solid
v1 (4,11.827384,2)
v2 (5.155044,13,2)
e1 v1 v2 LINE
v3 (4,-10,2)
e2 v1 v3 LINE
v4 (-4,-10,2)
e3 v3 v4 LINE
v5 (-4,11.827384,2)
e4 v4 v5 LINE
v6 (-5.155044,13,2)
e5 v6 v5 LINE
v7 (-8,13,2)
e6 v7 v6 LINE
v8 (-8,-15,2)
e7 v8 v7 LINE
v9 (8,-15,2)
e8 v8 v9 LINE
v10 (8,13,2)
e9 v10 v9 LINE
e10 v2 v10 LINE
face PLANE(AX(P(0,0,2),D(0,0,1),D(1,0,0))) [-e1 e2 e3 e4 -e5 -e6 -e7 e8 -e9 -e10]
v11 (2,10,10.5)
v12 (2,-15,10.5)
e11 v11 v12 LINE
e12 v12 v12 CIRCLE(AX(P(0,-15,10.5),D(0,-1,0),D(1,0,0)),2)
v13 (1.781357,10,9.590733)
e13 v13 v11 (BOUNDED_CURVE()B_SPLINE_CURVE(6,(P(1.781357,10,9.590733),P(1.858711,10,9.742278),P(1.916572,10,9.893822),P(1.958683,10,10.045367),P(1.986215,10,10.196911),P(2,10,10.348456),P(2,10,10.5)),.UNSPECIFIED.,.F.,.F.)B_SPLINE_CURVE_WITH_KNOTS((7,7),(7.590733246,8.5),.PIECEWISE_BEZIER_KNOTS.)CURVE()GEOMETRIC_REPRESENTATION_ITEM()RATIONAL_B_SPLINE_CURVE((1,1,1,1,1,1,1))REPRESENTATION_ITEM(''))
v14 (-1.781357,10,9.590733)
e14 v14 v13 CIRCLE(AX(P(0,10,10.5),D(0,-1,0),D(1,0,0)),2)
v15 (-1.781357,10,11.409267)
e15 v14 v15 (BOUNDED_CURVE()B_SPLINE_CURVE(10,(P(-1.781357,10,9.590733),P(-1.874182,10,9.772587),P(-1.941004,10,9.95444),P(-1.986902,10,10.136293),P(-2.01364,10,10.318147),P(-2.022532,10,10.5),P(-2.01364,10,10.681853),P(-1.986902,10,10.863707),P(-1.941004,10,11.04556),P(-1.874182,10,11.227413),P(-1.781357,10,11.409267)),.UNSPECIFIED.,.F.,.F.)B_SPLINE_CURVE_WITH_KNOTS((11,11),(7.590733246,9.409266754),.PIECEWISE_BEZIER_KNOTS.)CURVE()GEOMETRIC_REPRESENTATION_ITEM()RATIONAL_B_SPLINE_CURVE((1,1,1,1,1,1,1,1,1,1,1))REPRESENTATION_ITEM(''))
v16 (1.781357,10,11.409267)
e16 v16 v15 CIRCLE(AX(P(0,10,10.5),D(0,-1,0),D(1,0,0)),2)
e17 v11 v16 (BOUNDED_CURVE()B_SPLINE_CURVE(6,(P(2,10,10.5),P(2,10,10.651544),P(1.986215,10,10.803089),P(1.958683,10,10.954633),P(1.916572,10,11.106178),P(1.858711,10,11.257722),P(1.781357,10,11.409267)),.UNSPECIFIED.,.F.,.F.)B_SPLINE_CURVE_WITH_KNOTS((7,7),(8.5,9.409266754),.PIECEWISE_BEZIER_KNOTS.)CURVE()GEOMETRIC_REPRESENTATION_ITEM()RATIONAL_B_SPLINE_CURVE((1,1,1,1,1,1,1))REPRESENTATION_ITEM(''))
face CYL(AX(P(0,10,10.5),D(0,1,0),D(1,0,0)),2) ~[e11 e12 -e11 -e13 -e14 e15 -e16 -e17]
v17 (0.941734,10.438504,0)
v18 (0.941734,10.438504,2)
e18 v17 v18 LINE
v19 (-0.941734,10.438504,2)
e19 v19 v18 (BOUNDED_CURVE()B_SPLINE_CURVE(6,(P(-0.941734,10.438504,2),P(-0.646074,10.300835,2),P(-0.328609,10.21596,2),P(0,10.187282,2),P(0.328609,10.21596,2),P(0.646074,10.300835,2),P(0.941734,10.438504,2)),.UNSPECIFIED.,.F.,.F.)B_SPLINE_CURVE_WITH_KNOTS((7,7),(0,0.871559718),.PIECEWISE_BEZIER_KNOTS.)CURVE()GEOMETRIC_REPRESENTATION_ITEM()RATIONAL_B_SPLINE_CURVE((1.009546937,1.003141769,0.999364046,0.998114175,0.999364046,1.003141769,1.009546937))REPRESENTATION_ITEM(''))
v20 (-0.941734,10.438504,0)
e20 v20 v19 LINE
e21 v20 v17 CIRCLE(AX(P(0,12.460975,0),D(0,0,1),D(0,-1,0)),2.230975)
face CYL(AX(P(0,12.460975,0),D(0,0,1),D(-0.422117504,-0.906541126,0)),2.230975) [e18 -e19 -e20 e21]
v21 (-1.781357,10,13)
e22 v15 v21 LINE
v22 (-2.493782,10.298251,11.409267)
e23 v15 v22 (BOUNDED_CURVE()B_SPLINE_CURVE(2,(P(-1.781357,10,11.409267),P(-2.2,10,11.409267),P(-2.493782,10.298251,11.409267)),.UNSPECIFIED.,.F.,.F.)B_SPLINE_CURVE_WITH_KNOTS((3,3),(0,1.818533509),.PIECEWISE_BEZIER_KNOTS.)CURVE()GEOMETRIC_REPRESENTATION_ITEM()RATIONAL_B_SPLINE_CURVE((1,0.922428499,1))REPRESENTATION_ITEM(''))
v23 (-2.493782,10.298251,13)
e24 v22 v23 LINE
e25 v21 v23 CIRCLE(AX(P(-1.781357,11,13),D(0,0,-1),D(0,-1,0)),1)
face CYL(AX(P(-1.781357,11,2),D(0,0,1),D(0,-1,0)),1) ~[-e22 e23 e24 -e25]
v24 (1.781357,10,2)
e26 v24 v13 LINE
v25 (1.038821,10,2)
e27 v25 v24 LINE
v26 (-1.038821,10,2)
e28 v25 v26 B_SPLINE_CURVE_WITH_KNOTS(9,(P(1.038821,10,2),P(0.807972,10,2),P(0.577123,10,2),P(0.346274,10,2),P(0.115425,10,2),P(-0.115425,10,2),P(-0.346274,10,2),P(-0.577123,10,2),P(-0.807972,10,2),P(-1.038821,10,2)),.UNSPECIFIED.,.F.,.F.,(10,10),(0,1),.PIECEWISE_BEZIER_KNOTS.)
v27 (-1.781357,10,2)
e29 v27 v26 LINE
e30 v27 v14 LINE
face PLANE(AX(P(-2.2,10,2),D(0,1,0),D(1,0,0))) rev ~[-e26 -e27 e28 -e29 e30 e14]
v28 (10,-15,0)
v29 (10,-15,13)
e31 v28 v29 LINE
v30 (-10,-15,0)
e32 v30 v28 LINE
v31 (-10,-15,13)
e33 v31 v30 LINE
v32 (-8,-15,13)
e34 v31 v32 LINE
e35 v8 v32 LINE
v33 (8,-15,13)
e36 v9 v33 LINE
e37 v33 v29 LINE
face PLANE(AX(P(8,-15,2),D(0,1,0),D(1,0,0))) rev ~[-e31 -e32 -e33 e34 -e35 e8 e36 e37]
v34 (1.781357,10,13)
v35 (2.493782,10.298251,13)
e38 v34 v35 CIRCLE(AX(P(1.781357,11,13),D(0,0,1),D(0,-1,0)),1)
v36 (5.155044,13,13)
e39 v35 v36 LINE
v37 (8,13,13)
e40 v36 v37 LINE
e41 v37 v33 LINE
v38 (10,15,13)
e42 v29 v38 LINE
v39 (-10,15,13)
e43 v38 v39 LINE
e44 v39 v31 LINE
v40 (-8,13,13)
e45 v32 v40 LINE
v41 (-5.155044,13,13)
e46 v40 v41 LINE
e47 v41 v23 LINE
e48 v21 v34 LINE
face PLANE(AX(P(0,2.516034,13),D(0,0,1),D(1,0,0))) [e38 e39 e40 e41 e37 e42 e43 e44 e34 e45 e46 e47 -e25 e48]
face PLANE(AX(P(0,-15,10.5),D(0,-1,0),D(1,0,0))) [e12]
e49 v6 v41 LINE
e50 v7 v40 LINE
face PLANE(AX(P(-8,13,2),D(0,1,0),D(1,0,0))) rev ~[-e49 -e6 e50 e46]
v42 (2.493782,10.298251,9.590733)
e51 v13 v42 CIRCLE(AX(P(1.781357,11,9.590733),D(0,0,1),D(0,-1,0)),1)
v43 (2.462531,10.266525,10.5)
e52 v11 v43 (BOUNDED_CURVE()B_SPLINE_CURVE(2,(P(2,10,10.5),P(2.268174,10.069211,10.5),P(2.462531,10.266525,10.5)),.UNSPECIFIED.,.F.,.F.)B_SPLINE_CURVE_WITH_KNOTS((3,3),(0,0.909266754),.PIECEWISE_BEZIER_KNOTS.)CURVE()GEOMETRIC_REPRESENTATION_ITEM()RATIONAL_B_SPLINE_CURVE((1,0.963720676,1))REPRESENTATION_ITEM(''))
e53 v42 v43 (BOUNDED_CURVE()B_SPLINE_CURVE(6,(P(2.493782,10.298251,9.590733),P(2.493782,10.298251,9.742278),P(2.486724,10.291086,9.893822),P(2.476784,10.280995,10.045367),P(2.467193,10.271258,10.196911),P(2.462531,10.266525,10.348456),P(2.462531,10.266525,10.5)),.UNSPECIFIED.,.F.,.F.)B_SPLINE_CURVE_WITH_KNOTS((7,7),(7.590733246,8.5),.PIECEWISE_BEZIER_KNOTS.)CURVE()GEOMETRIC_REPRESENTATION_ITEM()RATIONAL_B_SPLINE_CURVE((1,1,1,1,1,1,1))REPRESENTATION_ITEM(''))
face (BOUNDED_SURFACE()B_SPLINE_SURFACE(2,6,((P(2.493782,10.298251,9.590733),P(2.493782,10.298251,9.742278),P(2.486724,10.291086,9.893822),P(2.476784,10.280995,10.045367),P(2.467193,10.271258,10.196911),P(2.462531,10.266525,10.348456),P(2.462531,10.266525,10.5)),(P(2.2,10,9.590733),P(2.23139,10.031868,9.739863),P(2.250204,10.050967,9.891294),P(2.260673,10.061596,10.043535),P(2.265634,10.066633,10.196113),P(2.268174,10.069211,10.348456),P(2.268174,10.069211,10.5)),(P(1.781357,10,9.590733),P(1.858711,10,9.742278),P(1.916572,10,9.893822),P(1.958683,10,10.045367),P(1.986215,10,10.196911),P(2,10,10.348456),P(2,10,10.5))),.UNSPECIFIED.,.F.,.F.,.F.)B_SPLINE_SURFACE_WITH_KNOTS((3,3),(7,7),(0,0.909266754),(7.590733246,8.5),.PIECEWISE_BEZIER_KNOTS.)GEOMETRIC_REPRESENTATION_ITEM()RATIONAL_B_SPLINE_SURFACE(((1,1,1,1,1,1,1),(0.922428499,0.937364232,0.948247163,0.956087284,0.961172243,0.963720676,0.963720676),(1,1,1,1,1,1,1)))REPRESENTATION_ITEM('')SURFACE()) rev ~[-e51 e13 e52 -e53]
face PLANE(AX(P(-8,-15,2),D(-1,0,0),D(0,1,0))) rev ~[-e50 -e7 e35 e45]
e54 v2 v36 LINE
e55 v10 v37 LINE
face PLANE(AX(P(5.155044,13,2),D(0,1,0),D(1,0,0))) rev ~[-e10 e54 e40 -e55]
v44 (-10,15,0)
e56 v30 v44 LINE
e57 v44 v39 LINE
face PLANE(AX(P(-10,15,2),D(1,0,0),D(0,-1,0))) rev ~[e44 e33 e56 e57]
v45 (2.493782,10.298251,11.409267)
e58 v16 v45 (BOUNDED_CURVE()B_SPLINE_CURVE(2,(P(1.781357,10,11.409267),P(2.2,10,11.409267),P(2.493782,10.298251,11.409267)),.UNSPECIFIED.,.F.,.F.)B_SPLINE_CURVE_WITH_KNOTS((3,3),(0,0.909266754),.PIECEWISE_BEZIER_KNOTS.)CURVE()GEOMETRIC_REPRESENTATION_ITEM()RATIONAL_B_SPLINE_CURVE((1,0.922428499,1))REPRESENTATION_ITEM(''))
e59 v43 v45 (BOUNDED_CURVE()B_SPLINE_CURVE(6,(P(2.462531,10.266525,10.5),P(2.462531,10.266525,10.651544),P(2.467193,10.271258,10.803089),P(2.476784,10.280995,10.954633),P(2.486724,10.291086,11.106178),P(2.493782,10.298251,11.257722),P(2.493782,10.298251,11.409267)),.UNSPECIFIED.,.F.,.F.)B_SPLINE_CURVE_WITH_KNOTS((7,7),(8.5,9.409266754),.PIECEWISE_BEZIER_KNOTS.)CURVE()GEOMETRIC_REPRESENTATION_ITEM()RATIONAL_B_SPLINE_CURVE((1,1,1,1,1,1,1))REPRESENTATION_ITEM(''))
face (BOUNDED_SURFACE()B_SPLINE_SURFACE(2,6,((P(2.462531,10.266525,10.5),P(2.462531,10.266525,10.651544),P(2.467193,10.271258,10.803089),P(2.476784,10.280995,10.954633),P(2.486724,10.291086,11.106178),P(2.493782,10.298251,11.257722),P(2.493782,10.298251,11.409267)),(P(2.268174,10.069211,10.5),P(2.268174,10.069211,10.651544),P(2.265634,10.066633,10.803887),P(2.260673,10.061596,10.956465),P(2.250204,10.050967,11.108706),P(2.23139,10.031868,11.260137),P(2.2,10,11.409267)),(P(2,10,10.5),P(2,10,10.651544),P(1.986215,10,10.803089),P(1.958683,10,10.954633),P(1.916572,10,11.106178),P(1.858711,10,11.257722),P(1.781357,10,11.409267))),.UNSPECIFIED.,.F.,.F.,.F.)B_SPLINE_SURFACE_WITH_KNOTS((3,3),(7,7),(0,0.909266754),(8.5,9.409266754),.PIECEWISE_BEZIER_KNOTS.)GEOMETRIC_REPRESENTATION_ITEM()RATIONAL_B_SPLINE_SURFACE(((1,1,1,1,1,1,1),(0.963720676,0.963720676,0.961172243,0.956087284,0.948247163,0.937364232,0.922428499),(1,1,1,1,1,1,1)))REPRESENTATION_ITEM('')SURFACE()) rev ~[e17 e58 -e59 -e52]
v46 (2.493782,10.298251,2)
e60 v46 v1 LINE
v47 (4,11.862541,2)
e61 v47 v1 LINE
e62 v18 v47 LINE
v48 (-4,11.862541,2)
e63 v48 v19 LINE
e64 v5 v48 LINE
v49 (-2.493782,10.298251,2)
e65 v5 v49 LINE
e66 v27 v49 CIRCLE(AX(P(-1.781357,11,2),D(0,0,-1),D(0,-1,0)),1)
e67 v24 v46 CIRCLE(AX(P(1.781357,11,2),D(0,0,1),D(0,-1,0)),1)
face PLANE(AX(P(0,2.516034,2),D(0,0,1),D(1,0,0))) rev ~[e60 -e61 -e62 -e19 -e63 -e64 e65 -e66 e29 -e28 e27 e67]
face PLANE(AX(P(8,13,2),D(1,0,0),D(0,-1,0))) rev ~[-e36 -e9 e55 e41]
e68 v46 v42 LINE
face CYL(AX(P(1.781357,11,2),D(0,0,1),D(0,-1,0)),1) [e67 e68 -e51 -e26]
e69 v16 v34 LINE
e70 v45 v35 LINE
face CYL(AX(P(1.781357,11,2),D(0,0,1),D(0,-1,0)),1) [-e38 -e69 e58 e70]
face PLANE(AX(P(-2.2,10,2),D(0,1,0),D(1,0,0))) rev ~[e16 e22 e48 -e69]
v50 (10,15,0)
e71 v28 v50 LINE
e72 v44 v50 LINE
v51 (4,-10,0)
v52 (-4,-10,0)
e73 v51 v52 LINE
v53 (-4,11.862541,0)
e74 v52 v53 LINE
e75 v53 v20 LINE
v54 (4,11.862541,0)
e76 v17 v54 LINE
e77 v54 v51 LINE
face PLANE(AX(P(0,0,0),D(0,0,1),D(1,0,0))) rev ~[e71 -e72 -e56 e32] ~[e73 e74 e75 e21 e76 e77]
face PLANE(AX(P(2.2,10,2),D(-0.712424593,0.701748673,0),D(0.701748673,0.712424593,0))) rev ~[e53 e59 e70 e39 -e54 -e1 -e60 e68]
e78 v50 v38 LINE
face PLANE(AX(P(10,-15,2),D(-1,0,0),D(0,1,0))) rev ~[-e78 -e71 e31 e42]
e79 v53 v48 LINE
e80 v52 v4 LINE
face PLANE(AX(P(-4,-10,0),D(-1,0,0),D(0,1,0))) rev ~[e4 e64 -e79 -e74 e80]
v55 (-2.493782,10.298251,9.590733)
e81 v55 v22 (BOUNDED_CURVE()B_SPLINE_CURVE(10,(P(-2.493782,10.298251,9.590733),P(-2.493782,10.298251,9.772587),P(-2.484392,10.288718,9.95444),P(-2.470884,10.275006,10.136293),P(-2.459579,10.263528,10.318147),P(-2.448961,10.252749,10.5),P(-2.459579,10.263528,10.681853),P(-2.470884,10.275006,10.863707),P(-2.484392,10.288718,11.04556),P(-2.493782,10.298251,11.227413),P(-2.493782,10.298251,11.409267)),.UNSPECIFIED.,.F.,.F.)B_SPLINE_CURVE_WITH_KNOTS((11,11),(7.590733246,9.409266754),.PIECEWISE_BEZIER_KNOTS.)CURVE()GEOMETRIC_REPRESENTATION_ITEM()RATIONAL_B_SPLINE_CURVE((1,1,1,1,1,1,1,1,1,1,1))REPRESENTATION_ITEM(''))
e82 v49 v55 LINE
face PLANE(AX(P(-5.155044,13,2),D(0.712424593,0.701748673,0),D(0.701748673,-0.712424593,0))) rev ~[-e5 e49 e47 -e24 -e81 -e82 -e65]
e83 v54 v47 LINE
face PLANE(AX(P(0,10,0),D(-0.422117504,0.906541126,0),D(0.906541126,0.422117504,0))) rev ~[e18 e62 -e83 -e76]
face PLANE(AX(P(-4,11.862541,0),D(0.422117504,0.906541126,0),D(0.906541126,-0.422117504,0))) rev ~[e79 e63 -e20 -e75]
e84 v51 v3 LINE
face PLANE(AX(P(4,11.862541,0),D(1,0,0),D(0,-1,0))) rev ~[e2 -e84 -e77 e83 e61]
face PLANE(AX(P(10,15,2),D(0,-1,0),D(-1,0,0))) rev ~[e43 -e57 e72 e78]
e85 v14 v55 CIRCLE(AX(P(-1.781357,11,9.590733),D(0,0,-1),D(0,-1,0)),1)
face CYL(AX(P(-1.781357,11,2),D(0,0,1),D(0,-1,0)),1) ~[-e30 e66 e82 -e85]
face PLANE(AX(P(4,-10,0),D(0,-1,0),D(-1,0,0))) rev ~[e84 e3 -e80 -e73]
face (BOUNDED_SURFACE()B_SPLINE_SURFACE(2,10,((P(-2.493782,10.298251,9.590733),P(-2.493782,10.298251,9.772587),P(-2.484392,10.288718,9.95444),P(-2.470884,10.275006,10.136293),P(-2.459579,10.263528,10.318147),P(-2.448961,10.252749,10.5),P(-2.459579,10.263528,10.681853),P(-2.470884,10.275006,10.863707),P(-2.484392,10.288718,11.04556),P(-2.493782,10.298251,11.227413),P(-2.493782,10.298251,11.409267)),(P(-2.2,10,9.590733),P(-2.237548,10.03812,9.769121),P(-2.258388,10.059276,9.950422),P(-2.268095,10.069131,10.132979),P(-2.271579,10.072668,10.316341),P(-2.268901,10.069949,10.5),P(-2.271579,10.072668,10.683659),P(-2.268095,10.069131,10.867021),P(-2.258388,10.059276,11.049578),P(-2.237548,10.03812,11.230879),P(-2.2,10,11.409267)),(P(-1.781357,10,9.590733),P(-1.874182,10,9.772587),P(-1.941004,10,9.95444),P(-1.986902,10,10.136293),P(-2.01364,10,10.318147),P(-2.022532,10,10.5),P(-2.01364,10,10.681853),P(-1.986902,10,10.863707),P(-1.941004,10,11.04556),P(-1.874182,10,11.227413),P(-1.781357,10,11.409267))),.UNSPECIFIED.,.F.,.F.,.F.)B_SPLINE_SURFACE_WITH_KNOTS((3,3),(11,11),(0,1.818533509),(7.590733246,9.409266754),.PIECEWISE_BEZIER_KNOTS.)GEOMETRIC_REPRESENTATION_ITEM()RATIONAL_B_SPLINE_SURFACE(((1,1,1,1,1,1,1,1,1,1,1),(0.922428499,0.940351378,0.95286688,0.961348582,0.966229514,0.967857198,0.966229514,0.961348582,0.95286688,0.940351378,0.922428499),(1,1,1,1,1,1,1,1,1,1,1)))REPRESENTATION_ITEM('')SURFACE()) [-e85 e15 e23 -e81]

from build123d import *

# Parameters (mm, degrees)
F0_W     = 20
F0_H     = 30
F1_DEPTH = 2
F3_DEPTH = 11
F4_R     = 2
F5_DEPTH = 25
F6_R     = 1
F7_R     = 2.230975


with BuildPart() as f1:
    # F0 (on Top) → F1 (new body)
    with BuildSketch(Plane.XY):
        Rectangle(F0_W, F0_H)
        Polygon((-4, 11.862541), (0, 10), (4, 11.862541), (4, -10), (-4, -10), align=None, mode=Mode.SUBTRACT)
    extrude(amount=F1_DEPTH)

    # F2 (on face) → F3 (join)
    with BuildSketch(Plane.XY.offset(2)):
        Polygon((-2.2, 10), (0, 10), (2.2, 10), (5.155044, 13), (8, 13), (8, -15), (10, -15), (10, 15), (-10, 15), (-10, -15), (-8, -15), (-8, 13), (-5.155044, 13), align=None)
    extrude(amount=F3_DEPTH)

    # F4 (on face) → F5 (join)
    with BuildSketch(Plane.XZ.offset(-10)):
        with Locations((0, 10.5)):
            Circle(F4_R)
    extrude(amount=F5_DEPTH)

    # F6
    f6_edges = [f1.edges().sort_by_distance(p)[0] for p in [
        (2.2, 10, 7.5),
        (-2.2, 10, 7.5),
    ]]
    fillet(f6_edges, radius=F6_R)

    # F7
    f7_edges = [f1.edges().sort_by_distance(p)[0] for p in [
        (0, 10, 1),
    ]]
    fillet(f7_edges, radius=F7_R)


with BuildPart() as f8_1:
    # F8: copy of F1
    add(f1.part.moved(Location((43.7, 0, 0))))


solid = f1.part
